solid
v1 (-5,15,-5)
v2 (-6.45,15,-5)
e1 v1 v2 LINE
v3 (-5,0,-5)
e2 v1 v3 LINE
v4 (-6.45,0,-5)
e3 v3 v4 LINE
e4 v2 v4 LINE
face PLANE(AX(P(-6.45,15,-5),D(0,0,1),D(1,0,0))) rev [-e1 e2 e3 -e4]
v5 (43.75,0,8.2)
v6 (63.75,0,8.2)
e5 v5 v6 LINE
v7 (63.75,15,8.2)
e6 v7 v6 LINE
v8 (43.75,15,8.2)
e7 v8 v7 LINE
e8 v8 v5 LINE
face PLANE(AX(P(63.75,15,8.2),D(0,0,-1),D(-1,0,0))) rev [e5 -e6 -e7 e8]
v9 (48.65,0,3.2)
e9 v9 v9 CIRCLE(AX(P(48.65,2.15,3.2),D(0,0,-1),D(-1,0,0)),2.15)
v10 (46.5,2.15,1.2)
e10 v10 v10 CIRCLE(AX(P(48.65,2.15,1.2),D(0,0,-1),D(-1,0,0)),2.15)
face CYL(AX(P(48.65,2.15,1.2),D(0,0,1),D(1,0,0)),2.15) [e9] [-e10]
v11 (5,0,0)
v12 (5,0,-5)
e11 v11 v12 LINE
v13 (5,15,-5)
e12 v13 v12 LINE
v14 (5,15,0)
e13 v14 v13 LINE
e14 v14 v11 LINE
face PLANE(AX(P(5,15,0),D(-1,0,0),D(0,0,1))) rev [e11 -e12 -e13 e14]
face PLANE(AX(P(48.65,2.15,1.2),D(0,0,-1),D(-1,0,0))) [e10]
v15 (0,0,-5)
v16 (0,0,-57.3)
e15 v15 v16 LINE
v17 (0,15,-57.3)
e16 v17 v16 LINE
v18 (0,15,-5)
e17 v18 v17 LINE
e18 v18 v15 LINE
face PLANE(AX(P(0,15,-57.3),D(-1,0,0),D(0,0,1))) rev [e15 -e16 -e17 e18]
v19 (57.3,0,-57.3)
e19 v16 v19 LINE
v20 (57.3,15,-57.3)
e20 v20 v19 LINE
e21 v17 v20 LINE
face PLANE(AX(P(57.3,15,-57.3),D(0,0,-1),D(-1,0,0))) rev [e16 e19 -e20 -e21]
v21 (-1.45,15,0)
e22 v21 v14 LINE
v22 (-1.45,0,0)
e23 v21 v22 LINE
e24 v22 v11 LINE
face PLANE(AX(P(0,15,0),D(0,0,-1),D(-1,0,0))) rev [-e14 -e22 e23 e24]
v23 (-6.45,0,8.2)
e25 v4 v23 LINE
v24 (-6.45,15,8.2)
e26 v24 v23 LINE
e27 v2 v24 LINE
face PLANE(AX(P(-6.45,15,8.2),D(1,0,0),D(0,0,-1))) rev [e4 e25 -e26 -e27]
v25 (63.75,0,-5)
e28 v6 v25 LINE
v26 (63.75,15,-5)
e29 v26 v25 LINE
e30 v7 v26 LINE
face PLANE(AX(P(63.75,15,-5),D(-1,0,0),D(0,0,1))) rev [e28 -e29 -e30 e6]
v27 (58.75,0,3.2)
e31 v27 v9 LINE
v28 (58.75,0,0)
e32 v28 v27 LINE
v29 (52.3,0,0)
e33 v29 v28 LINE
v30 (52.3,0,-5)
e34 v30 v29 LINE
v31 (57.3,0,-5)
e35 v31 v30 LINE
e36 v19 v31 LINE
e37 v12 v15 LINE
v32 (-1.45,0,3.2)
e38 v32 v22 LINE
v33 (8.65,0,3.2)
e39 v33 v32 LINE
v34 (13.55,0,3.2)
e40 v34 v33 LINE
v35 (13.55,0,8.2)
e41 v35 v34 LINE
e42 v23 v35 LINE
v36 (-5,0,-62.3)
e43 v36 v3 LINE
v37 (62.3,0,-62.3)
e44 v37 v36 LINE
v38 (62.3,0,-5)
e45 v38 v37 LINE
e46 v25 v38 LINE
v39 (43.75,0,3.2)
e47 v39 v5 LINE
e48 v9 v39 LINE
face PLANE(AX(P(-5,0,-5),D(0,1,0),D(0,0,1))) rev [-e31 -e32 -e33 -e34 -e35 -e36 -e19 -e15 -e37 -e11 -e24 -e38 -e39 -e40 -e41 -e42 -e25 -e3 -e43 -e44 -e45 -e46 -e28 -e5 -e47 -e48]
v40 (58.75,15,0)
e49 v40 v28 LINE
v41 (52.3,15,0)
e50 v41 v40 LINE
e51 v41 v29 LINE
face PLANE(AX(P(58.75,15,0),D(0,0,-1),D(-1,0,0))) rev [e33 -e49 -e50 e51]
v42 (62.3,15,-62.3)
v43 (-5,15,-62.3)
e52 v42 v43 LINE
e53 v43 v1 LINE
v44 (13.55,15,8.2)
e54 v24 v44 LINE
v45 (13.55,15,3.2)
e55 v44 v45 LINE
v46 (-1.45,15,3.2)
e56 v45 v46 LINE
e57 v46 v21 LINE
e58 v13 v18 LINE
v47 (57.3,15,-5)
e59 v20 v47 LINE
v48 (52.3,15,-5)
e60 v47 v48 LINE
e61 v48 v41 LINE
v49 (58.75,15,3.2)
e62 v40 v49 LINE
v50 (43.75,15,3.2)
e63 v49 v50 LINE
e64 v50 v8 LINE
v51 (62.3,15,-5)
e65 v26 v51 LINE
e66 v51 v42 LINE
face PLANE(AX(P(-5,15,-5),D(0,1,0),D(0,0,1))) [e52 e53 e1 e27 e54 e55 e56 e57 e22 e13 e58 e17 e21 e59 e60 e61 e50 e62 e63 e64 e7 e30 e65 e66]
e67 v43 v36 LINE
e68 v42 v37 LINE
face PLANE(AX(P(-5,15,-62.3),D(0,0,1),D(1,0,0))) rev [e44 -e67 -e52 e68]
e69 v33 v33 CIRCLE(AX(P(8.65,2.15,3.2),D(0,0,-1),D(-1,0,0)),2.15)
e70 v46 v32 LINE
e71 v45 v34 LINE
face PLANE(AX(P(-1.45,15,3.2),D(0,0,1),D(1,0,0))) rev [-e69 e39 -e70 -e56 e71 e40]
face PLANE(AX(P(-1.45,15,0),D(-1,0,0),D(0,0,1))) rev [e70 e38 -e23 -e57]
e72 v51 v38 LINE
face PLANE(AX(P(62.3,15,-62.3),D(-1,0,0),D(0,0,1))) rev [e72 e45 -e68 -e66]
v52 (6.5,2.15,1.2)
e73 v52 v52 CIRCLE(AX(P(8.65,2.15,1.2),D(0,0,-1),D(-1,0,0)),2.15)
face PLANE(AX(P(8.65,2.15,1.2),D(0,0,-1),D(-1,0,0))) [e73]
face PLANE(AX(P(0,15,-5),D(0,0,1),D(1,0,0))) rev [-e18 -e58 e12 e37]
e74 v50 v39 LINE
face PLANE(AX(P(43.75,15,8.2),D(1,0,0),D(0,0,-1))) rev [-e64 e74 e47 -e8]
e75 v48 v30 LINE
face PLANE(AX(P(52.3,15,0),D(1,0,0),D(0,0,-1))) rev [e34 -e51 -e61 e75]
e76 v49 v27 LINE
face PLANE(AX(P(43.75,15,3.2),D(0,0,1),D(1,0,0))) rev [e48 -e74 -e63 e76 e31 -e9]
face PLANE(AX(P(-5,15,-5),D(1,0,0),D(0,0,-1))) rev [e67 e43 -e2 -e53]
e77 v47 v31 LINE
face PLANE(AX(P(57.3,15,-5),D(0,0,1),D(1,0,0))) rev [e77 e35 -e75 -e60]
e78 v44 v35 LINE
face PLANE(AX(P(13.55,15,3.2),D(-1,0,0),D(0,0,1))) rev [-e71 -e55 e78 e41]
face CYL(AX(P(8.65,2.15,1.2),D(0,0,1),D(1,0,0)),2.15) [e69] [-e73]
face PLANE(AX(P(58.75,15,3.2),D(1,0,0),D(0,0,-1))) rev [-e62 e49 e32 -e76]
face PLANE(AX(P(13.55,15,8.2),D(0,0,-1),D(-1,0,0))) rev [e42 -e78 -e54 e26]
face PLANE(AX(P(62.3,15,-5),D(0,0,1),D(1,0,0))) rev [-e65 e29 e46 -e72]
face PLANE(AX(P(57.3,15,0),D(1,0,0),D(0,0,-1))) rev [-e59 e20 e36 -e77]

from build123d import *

# Parameters (mm, degrees)
EXTRUDE_1_DEPTH = 15
SKETCH_3_W      = 5
SKETCH_3_H      = 5
EXTRUDE_3_DEPTH = 15
SKETCH_4_R      = 2.15
EXTRUDE_4_DEPTH = 2


with BuildPart() as part:
    # Эскиз1 → Вытянуть1 (new body)
    with BuildSketch(Plane(origin=(0, 0, 0), x_dir=(1, 0, 0), z_dir=(0, 1, 0))):
        Polygon((-5, 5), (-5, 62.3), (62.3, 62.3), (62.3, 5), (63.75, 5), (63.75, -8.2), (43.75, -8.2), (43.75, -3.2), (58.75, -3.2), (58.75, 0), (57.3, 0), (57.3, 57.3), (0, 57.3), (0, 0), (-1.45, 0), (-1.45, -3.2), (13.55, -3.2), (13.55, -8.2), (-6.45, -8.2), (-6.45, 5), align=None)
    extrude(amount=EXTRUDE_1_DEPTH)

    # Эскиз3 → Вытянуть3 (add)
    with BuildSketch(Plane(origin=(0, 0, 0), x_dir=(1, 0, 0), z_dir=(0, 1, 0))):
        with Locations((2.5, 2.5)):
            Rectangle(SKETCH_3_W, SKETCH_3_H)
        with Locations((54.8, 2.5)):
            Rectangle(SKETCH_3_W, SKETCH_3_H)
    extrude(amount=EXTRUDE_3_DEPTH)

    # Эскиз4 → Вытянуть4 (add)
    with BuildSketch(Plane(origin=(0, 0, 3.2), x_dir=(-1, 0, 0), z_dir=(0, 0, -1))):
        with Locations(Location((-8.65, 2.15, 0), (0, 0, 270))):
            Circle(SKETCH_4_R)
        with Locations(Location((-48.65, 2.15, 0), (0, 0, 270))):
            Circle(SKETCH_4_R)
    extrude(amount=EXTRUDE_4_DEPTH)


solid = part.part
